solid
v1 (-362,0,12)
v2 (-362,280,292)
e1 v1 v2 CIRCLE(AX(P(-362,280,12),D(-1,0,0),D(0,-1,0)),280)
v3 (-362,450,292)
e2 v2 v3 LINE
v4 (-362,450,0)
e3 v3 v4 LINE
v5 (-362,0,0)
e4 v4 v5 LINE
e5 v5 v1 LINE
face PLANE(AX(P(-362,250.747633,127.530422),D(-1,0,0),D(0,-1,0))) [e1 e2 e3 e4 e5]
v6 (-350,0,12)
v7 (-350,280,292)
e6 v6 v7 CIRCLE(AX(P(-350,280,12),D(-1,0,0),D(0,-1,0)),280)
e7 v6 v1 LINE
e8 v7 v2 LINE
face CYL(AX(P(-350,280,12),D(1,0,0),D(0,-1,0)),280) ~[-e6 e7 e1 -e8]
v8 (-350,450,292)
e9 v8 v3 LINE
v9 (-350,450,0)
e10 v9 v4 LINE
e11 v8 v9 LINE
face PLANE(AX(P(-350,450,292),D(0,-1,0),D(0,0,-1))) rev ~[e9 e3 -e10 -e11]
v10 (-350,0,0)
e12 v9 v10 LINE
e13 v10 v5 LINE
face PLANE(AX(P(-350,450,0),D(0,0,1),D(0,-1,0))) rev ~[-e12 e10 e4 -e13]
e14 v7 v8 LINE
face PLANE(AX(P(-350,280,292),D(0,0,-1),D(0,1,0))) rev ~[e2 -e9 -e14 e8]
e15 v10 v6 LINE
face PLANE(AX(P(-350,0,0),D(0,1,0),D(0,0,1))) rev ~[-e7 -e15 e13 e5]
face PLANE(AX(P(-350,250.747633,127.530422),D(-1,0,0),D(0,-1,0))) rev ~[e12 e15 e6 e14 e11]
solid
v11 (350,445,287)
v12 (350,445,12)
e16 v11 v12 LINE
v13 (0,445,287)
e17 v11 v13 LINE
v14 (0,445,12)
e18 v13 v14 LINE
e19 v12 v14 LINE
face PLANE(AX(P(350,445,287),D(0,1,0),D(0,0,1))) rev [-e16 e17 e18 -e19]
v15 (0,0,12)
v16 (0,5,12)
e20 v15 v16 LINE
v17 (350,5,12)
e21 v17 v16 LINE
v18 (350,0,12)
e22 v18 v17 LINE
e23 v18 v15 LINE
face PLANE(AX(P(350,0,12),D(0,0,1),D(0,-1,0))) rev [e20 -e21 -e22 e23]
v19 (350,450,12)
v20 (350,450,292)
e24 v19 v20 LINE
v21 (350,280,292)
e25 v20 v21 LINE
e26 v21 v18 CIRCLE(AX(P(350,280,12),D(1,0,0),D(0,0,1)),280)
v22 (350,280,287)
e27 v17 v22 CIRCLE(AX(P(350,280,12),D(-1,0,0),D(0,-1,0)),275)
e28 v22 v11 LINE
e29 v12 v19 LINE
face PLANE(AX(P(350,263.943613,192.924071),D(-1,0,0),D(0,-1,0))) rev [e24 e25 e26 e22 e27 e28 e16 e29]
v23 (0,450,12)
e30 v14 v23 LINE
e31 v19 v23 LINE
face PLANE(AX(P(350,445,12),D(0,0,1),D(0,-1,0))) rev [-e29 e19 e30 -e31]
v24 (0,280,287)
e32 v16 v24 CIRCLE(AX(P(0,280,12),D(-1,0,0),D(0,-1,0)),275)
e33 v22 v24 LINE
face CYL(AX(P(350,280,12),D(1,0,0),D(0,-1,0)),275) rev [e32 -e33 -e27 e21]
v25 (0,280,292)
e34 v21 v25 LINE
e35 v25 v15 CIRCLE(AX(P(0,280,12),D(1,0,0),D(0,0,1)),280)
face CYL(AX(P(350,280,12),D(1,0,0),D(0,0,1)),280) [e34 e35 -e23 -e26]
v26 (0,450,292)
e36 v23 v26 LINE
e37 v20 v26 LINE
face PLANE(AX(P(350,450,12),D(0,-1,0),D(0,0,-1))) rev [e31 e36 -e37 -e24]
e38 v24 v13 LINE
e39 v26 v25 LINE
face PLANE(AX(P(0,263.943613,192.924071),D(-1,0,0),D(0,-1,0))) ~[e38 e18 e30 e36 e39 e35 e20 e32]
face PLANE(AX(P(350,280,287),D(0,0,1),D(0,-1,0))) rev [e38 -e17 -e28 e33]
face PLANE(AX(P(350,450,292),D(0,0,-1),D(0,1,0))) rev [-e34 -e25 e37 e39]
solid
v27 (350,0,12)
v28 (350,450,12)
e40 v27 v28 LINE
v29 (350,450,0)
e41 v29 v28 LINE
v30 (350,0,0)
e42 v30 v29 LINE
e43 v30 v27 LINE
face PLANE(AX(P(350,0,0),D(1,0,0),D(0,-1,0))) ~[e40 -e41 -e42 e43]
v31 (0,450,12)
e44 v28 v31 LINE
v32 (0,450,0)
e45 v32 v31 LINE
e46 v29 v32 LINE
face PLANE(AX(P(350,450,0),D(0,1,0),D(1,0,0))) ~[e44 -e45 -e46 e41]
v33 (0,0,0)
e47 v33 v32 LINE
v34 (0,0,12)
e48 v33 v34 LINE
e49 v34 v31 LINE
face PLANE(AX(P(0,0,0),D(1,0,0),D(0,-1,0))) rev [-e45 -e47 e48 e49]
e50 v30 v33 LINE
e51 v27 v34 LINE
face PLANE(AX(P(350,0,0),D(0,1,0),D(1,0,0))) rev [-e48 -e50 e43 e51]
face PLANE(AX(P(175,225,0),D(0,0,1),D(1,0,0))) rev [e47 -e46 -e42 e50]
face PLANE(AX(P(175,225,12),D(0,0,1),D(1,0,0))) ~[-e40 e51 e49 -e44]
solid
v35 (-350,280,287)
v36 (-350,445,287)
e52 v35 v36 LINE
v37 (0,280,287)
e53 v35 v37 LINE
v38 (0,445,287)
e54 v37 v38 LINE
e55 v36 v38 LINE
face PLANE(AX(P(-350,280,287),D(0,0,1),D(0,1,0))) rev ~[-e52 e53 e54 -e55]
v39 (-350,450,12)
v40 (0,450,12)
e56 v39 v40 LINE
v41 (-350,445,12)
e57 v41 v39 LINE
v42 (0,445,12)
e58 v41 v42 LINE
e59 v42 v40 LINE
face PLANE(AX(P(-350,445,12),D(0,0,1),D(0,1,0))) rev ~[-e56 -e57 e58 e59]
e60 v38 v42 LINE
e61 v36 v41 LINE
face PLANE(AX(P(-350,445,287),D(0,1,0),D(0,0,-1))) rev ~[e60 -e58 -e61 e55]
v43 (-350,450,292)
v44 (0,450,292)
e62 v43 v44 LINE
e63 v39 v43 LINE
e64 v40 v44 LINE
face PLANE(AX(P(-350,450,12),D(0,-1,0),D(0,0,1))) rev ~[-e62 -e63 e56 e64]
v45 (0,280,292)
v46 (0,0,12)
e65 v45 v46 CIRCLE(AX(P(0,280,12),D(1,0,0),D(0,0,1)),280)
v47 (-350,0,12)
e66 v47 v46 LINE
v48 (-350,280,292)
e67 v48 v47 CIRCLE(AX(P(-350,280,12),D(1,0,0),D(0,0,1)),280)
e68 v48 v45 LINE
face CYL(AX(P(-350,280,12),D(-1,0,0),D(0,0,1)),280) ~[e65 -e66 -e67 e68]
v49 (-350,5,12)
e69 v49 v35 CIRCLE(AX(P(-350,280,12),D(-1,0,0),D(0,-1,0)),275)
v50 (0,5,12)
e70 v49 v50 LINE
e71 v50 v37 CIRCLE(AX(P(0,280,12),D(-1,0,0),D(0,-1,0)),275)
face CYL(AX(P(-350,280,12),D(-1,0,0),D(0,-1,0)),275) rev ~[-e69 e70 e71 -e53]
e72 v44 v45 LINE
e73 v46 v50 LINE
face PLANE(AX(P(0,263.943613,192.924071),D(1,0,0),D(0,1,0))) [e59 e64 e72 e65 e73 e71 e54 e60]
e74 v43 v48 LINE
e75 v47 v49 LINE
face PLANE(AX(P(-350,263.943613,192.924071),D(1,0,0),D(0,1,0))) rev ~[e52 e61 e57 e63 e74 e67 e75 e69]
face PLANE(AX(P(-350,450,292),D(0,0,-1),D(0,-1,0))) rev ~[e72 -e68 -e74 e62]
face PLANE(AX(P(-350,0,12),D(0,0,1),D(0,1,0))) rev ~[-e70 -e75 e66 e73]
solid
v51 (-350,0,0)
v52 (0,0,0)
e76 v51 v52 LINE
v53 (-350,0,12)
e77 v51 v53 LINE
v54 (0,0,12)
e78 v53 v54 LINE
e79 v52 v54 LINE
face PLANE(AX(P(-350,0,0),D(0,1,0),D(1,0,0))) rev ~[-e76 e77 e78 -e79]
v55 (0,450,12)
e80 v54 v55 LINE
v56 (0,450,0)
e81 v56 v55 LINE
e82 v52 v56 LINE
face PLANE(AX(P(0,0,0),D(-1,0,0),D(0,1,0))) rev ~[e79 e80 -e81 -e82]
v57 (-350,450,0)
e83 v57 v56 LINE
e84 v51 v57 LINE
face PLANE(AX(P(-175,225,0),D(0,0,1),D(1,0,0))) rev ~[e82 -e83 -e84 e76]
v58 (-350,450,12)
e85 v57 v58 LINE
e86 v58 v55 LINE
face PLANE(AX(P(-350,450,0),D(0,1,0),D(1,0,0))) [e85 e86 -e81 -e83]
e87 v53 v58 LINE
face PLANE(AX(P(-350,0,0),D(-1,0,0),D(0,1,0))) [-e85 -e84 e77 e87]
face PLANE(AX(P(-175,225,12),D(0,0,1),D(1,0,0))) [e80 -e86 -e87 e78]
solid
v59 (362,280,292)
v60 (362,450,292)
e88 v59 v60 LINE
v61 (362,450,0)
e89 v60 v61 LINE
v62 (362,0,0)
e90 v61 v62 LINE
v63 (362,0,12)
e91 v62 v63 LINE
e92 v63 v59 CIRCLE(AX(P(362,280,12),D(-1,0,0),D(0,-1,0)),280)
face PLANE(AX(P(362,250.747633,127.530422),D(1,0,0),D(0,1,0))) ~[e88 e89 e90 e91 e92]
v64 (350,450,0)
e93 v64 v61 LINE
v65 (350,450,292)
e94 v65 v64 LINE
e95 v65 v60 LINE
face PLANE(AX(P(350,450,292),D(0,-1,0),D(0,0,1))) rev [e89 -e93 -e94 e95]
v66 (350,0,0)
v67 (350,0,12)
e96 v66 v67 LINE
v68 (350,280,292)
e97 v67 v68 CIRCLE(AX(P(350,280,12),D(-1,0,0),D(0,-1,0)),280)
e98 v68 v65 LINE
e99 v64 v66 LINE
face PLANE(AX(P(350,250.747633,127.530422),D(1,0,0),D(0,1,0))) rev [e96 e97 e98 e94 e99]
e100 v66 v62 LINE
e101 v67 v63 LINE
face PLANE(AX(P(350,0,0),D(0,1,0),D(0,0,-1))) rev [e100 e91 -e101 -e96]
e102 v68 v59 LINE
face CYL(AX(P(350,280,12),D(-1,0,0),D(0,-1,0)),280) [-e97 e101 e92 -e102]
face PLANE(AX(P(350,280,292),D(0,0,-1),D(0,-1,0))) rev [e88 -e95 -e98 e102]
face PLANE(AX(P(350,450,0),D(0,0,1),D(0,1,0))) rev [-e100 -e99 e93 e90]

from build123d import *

# Parameters (mm, degrees)
F2_W     = 350
F2_H     = 450
F3_DEPTH = 12
F5_DEPTH = 12
F7_DEPTH = 350


with BuildPart() as f3:
    # F2 (on Top) → F3 (new body)
    with BuildSketch(Plane.XY):
        with Locations((-175, 225)):
            Rectangle(F2_W, F2_H)
    extrude(amount=F3_DEPTH)


with BuildPart() as f5:
    # F4 (on face) → F5 (new body)
    with BuildSketch(Plane(origin=(-350, 0, 0), x_dir=(0, -1, 0), z_dir=(-1, 0, 0))):
        with BuildLine():
            Line((-450, 292), (-450, 0))
            Line((-450, 0), (0, 0))
            Line((0, 0), (0, 12))
            ThreePointArc((0, 12), (-82.0101012678, 209.9898987322), (-280, 292))
            Line((-280, 292), (-450, 292))
        make_face()
    extrude(amount=F5_DEPTH)


with BuildPart() as f7:
    # F6 (on face) → F7 (new body)
    with BuildSketch(Plane.YZ.offset(-350)):
        with BuildLine():
            Line((280, 287), (445, 287))
            Line((445, 287), (445, 12))
            Line((445, 12), (450, 12))
            Line((450, 12), (450, 292))
            Line((450, 292), (280, 292))
            ThreePointArc((280, 292), (82.0101012678, 209.9898987322), (0, 12))
            Line((0, 12), (5, 12))
            ThreePointArc((5, 12), (85.5456351737, 206.4543648263), (280, 287))
        make_face()
    extrude(amount=F7_DEPTH)


with BuildPart() as f8_1:
    # F8: instance of F3
    add(f3.part.mirror(Plane(origin=(0, 261.2738011127, 195.8989357259), x_dir=(0, 1, 0), z_dir=(1, 0, 0))))


with BuildPart() as f8_2:
    # F8: instance of F5
    add(f5.part.mirror(Plane(origin=(0, 261.2738011127, 195.8989357259), x_dir=(0, 1, 0), z_dir=(1, 0, 0))))


with BuildPart() as f8_3:
    # F8: instance of F7
    add(f7.part.mirror(Plane(origin=(0, 261.2738011127, 195.8989357259), x_dir=(0, 1, 0), z_dir=(1, 0, 0))))


solid = Compound([f3.part, f5.part, f7.part, f8_1.part, f8_2.part, f8_3.part])
